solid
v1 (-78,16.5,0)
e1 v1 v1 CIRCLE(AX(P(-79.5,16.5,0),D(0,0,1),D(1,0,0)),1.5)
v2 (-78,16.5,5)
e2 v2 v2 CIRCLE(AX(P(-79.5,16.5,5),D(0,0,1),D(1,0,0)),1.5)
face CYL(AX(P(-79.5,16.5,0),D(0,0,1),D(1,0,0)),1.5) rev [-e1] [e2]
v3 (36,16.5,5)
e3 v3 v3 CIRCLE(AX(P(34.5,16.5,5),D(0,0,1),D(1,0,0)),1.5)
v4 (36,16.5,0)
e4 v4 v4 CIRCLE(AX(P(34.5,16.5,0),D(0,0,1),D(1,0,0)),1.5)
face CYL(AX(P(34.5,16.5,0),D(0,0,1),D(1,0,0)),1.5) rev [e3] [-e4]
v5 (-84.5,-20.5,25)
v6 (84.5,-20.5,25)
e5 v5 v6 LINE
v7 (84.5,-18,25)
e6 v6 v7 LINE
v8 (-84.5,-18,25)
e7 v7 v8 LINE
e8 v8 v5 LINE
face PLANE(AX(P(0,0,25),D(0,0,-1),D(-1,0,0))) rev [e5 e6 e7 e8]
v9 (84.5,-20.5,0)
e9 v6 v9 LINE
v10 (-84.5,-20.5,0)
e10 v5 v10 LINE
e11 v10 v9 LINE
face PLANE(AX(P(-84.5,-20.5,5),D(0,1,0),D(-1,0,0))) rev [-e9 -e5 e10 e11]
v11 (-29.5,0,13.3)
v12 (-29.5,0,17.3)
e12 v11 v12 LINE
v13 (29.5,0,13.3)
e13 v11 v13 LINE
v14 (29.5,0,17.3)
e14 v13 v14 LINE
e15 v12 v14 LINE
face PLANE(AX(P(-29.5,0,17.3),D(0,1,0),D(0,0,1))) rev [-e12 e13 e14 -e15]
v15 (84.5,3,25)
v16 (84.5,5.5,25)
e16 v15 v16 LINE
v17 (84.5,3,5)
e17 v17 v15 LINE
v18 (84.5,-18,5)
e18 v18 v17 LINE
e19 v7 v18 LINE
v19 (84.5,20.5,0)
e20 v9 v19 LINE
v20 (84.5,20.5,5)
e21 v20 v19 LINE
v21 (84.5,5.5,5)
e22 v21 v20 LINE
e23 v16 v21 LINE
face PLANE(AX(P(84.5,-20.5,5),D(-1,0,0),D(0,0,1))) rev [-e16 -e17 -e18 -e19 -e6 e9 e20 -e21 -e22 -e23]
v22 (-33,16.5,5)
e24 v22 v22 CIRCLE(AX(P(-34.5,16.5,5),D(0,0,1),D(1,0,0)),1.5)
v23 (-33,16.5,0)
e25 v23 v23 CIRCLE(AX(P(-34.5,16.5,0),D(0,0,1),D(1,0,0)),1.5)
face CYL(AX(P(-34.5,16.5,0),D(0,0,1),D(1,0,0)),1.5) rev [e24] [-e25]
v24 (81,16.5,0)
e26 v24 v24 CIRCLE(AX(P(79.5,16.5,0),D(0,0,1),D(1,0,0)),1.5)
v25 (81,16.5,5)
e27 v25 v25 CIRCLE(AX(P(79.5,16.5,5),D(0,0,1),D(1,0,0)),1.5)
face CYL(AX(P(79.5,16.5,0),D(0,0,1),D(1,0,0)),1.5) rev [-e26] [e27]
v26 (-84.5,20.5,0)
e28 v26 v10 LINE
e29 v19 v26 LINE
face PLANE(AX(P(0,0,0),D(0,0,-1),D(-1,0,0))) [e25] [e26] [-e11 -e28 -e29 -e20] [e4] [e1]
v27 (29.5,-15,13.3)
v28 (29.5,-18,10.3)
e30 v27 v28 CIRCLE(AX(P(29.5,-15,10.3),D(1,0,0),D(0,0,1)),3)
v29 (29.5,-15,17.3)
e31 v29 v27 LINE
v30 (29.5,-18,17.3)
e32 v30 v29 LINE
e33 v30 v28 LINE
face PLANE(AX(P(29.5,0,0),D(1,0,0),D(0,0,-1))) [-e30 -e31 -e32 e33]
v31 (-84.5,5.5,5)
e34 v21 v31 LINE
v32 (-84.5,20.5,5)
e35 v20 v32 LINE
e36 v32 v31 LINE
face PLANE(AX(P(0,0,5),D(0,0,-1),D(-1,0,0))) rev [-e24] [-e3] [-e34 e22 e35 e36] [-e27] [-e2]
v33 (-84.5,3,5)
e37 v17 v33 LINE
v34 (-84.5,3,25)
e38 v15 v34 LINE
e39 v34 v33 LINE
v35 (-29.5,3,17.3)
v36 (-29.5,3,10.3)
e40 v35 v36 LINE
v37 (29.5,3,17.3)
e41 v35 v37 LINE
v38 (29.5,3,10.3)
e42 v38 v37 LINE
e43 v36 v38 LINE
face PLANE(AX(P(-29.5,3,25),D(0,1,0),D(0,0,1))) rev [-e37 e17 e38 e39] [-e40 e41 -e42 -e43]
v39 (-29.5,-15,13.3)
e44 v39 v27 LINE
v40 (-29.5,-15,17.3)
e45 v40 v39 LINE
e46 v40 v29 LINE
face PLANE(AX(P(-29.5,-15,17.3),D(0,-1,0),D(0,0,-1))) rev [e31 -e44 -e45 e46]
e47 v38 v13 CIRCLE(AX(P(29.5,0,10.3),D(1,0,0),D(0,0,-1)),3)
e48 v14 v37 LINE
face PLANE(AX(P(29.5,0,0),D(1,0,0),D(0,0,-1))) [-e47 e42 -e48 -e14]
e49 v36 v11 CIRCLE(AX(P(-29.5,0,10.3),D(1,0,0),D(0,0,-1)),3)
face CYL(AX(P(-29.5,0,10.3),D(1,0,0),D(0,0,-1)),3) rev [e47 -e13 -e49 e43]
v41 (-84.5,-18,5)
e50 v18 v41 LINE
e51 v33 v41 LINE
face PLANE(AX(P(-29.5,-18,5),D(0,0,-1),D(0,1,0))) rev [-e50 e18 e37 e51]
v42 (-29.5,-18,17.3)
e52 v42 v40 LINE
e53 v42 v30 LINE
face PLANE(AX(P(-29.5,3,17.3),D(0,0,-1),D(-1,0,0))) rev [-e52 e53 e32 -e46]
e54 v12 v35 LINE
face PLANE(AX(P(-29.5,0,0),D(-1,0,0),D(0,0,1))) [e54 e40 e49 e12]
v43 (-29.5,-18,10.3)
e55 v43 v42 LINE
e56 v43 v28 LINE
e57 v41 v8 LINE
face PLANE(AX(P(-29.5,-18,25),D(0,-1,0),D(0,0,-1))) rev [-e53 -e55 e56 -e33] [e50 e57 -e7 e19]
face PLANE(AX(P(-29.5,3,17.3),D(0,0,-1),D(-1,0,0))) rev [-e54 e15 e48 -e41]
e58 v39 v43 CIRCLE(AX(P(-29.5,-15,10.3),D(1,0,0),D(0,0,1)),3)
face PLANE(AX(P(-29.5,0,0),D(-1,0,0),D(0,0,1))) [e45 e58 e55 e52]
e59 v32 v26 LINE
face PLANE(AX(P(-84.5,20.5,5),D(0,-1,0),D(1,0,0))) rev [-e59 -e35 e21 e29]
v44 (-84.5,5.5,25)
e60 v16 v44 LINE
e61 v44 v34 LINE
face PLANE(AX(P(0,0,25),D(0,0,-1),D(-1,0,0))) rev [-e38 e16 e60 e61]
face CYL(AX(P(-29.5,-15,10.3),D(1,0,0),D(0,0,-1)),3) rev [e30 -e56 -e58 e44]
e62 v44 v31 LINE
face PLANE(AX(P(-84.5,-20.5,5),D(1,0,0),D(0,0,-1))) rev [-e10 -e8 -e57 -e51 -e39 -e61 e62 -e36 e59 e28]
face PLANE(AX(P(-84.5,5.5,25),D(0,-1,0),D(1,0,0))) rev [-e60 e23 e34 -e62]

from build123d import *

# Parameters (mm, degrees)
SKETCH_1_W          = 169
SKETCH_1_H          = 41
EXTRUDE_2_DEPTH     = 5
SKETCH_3_R          = 1.5
CUT_EXTRUDE_1_DEPTH = 5
SKETCH_4_W          = 169
SKETCH_4_H          = 26
EXTRUDE_3_DEPTH     = 20
SKETCH_5_W          = 20
SKETCH_5_H          = 21
CUT_EXTRUDE_2_DEPTH = 55
SKETCH_6_W          = 20
SKETCH_6_H          = 21
CUT_EXTRUDE_3_DEPTH = 55
CUT_EXTRUDE_6_DEPTH = 59
SKETCH_10_W         = 7.7
SKETCH_10_H         = 21
CUT_EXTRUDE_7_DEPTH = 59
SKETCH_11_W         = 4
SKETCH_11_H         = 15
CUT_EXTRUDE_8_DEPTH = 59


with BuildPart() as part:
    # Эскиз1 → Бобышка-Вытянуть2 (new body)
    with BuildSketch(Plane.XY):
        Rectangle(SKETCH_1_W, SKETCH_1_H)
    extrude(amount=EXTRUDE_2_DEPTH)

    # Эскиз3 → Вырез-Вытянуть1 (cut)
    with BuildSketch(Plane.XY.offset(5)):
        with Locations((79.5, 16.5)):
            Circle(SKETCH_3_R)
        with Locations((34.5, 16.5)):
            Circle(SKETCH_3_R)
        with Locations((-34.5, 16.5)):
            Circle(SKETCH_3_R)
        with Locations((-79.5, 16.5)):
            Circle(SKETCH_3_R)
    extrude(amount=-CUT_EXTRUDE_1_DEPTH, mode=Mode.SUBTRACT)

    # Эскиз4 → Бобышка-Вытянуть3 (add)
    with BuildSketch(Plane.XY.offset(5)):
        with Locations((0, -7.5)):
            Rectangle(SKETCH_4_W, SKETCH_4_H)
    extrude(amount=EXTRUDE_3_DEPTH)

    # Эскиз5 → Вырез-Вытянуть2 (cut)
    with BuildSketch(Plane.ZY.offset(84.5)):
        with Locations((15, -7.5)):
            Rectangle(SKETCH_5_W, SKETCH_5_H)
    extrude(amount=-CUT_EXTRUDE_2_DEPTH, mode=Mode.SUBTRACT)

    # Эскиз6 → Вырез-Вытянуть3 (cut)
    with BuildSketch(Plane(origin=(84.5, 0, 0), x_dir=(0, 0, -1), z_dir=(1, 0, 0))):
        with Locations((-15, -7.5)):
            Rectangle(SKETCH_6_W, SKETCH_6_H)
    extrude(amount=-CUT_EXTRUDE_3_DEPTH, mode=Mode.SUBTRACT)

    # Эскиз7 → Вырез-Вытянуть6 (cut)
    with BuildSketch(Plane(origin=(29.5, 0, 0), x_dir=(0, 0, -1), z_dir=(1, 0, 0))):
        with BuildLine():
            Line((-5, 3), (-10.3, 3))
            ThreePointArc((-10.3, 3), (-12.421320344, 2.121320344), (-13.3, 0))
            Line((-13.3, 0), (-13.3, -15))
            ThreePointArc((-13.3, -15), (-12.421320344, -17.121320344), (-10.3, -18))
            Line((-10.3, -18), (-5, -18))
            Line((-5, -18), (-5, 3))
        make_face()
    extrude(amount=-CUT_EXTRUDE_6_DEPTH, mode=Mode.SUBTRACT)

    # Эскиз10 → Вырез-Вытянуть7 (cut)
    with BuildSketch(Plane(origin=(29.5, 0, 0), x_dir=(0, 0, -1), z_dir=(1, 0, 0))):
        with Locations((-21.15, -7.5)):
            Rectangle(SKETCH_10_W, SKETCH_10_H)
    extrude(amount=-CUT_EXTRUDE_7_DEPTH, mode=Mode.SUBTRACT)

    # Эскиз11 → Вырез-Вытянуть8 (cut)
    with BuildSketch(Plane(origin=(29.5, 0, 0), x_dir=(0, 0, -1), z_dir=(1, 0, 0))):
        with Locations((-15.3, -7.5)):
            Rectangle(SKETCH_11_W, SKETCH_11_H)
    extrude(amount=-CUT_EXTRUDE_8_DEPTH, mode=Mode.SUBTRACT)


solid = part.part
